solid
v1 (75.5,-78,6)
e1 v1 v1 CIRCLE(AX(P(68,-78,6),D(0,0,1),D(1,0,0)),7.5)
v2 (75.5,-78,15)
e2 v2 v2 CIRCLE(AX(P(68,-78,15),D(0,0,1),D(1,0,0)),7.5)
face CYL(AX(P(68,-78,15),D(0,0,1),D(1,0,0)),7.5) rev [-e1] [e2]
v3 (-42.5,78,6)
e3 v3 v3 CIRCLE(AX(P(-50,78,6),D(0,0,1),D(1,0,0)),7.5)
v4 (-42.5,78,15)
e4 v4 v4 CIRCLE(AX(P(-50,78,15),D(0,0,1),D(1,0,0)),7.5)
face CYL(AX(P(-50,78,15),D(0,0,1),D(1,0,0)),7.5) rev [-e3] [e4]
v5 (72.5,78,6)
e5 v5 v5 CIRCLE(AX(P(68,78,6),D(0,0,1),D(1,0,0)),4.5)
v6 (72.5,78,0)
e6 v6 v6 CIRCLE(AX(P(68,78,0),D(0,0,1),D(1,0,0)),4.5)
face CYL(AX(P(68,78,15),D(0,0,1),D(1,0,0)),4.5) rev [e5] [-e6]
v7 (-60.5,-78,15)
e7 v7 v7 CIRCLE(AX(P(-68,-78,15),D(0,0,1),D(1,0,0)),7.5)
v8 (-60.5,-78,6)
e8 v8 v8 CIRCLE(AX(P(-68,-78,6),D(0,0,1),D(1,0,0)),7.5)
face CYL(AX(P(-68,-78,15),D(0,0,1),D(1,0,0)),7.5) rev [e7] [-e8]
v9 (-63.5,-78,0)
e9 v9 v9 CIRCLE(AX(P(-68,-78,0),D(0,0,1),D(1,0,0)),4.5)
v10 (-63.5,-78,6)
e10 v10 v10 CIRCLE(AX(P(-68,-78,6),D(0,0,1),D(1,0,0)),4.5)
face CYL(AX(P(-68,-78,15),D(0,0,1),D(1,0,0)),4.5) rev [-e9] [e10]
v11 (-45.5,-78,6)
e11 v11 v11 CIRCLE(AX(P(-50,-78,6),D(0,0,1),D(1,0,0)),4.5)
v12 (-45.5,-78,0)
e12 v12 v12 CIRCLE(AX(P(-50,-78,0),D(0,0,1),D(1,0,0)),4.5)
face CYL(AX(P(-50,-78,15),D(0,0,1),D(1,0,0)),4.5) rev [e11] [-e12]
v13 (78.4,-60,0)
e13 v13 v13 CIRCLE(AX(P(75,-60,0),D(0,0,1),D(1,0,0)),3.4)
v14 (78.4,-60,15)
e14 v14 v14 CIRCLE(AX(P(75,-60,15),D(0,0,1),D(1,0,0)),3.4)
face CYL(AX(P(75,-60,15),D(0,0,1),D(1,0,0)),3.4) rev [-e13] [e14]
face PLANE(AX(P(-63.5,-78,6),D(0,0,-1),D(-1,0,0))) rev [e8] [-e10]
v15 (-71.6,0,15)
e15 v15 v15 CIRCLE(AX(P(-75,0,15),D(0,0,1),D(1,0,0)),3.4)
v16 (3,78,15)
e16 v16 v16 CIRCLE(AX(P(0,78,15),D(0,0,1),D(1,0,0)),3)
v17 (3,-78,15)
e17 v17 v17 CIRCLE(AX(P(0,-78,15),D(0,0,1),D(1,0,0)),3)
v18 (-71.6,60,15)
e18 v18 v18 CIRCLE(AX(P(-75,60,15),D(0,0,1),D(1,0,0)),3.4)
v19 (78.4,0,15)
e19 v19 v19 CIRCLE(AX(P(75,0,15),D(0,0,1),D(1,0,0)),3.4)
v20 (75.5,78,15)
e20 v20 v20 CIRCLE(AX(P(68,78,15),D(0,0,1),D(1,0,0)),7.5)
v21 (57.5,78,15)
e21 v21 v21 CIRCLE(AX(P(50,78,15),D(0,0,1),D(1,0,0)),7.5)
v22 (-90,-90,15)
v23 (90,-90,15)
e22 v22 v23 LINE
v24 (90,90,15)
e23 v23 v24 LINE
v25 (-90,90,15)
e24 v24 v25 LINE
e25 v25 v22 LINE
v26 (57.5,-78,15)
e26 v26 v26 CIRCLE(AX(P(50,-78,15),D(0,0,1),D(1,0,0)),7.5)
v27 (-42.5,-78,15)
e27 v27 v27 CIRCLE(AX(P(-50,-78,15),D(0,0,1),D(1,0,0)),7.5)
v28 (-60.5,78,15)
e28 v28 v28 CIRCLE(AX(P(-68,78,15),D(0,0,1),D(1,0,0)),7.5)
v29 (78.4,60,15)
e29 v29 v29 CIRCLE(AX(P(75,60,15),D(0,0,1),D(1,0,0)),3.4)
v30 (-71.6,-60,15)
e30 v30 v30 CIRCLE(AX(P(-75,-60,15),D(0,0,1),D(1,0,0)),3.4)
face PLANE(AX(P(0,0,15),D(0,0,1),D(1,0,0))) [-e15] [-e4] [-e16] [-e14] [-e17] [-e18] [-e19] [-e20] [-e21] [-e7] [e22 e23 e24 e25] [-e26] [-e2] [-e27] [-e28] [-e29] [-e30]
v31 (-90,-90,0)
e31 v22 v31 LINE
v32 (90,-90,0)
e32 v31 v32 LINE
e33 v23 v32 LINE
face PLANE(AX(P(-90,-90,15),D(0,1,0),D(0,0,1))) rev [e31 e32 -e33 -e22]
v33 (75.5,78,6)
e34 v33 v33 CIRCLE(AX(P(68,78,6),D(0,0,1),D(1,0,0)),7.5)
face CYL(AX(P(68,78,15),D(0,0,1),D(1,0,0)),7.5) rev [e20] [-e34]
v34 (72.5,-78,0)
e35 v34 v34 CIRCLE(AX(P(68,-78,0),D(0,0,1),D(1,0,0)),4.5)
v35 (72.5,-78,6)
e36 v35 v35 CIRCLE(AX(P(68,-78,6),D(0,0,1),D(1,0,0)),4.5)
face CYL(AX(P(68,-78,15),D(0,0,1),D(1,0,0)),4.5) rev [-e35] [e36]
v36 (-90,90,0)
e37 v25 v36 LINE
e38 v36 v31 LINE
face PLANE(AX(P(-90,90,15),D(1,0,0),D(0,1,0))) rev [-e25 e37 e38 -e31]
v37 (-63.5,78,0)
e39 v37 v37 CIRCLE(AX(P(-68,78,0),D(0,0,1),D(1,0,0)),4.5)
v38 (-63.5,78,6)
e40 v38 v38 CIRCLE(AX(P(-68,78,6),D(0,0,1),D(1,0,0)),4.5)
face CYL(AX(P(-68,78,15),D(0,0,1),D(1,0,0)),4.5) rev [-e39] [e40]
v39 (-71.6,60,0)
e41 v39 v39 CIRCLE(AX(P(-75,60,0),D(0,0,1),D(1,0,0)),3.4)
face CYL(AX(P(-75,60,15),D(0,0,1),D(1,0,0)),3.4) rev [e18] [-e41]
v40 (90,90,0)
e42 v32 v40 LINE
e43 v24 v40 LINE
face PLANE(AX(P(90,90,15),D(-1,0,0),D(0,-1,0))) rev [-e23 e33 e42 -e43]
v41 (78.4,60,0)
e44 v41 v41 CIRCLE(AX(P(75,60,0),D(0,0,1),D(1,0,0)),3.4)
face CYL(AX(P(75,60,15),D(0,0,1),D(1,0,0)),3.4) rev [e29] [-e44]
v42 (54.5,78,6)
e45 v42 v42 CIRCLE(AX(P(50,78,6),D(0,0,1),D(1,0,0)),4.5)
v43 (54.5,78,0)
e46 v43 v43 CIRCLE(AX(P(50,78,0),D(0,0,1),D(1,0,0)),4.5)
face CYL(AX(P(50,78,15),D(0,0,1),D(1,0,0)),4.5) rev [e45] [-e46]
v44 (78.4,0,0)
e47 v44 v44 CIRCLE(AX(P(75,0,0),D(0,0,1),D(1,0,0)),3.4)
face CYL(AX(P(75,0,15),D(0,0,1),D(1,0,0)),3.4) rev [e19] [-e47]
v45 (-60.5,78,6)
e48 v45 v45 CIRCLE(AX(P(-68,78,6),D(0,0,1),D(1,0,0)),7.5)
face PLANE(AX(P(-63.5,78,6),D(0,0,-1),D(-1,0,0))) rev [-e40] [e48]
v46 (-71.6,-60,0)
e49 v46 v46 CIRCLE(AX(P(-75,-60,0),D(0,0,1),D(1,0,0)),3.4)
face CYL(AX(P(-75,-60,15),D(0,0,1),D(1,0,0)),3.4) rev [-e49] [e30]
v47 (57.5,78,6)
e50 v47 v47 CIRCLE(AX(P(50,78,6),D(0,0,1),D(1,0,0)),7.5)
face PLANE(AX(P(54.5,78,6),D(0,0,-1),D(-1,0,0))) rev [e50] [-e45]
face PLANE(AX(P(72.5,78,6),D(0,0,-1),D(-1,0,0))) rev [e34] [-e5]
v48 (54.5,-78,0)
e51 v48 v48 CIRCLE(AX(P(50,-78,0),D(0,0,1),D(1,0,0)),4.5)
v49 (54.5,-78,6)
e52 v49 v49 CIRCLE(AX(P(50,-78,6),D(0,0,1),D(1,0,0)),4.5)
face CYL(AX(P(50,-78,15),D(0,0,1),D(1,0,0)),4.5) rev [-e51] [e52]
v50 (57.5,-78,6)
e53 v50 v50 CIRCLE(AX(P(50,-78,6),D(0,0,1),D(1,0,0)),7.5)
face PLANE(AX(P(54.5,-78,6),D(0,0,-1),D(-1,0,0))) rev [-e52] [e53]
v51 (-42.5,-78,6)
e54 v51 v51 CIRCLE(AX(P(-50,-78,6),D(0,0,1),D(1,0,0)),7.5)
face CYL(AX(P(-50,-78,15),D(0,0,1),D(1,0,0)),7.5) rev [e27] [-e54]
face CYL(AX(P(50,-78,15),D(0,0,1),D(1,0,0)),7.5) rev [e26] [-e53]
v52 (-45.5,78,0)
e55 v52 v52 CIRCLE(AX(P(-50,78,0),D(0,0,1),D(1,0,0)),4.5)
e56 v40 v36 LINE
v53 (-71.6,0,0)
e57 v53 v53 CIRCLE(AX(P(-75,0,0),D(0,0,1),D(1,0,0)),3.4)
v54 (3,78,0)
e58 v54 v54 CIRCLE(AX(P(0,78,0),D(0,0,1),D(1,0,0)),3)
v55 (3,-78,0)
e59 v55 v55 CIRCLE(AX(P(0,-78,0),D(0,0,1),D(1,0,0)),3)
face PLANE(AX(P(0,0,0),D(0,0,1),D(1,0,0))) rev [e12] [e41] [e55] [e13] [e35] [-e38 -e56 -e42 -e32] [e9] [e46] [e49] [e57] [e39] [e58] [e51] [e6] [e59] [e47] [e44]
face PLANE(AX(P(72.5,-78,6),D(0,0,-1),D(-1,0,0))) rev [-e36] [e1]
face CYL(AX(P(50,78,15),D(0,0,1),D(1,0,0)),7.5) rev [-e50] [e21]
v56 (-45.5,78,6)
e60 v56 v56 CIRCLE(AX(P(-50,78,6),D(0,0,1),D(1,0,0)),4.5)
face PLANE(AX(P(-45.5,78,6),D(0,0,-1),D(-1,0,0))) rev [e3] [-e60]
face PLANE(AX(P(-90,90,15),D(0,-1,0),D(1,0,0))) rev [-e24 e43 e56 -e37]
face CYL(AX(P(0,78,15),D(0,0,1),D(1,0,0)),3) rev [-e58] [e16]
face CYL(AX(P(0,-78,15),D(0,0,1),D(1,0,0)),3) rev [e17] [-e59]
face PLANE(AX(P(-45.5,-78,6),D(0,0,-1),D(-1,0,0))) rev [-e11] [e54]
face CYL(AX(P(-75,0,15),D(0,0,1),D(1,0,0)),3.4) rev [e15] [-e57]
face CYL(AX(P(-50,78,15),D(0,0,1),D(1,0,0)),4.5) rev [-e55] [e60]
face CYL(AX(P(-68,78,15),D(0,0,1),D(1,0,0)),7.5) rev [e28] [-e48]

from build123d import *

# Parameters (mm, degrees)
SKETCH_1_W                    = 180
SKETCH_1_H                    = 180
EXTRUDE_1_DEPTH               = 15
HOLE_WIZARD_4_8_1_D           = 9
HOLE_WIZARD_4_8_1_CBORE_D     = 15
HOLE_WIZARD_4_8_1_CBORE_DEPTH = 9
HOLE_WIZARD_6_0_6_1_D         = 6
HOLE_WIZARD_M8_1_D            = 6.8
HOLE_WIZARD_M8_1_DEPTH        = 22.25
HOLE_WIZARD_M8_1_TIP          = 2.042926105


with BuildPart() as part:
    # 草图1 → 凸台-拉伸1 (new body)
    with BuildSketch(Plane.XY):
        Rectangle(SKETCH_1_W, SKETCH_1_H)
    extrude(amount=EXTRUDE_1_DEPTH)

    # 打孔尺寸根据内六角花形圆柱头螺钉-4.8级的类型1 (through all)
    with Locations(Plane(origin=(-68, -78, 15), x_dir=(1, 0, 0), z_dir=(0, 0, 1))):
        with Locations((0, 0), (18, 0), (118, 0), (136, 0), (136, 156), (118, 156), (18, 156), (0, 156)):
            CounterBoreHole(HOLE_WIZARD_4_8_1_D / 2, HOLE_WIZARD_4_8_1_CBORE_D / 2, HOLE_WIZARD_4_8_1_CBORE_DEPTH)

    # Ø6.0 (6) 直径孔1 (through all)
    with Locations(Plane(origin=(0, 78, 15), x_dir=(1, 0, 0), z_dir=(0, 0, 1))):
        with Locations((0, 0), (0, -156)):
            Hole(HOLE_WIZARD_6_0_6_1_D / 2)

    # M8 螺纹孔1
    with Locations(Plane(origin=(-75, 60, 15), x_dir=(1, 0, 0), z_dir=(0, 0, 1))):
        with Locations((0, 0), (0, -60), (0, -120), (150, -120), (150, -60), (150, 0)):
            Hole(HOLE_WIZARD_M8_1_D / 2, depth=HOLE_WIZARD_M8_1_DEPTH)
            with Locations((0, 0, -(HOLE_WIZARD_M8_1_DEPTH + HOLE_WIZARD_M8_1_TIP / 2))):  # 118° drill point
                Cone(0, HOLE_WIZARD_M8_1_D / 2, HOLE_WIZARD_M8_1_TIP, mode=Mode.SUBTRACT)


solid = part.part
